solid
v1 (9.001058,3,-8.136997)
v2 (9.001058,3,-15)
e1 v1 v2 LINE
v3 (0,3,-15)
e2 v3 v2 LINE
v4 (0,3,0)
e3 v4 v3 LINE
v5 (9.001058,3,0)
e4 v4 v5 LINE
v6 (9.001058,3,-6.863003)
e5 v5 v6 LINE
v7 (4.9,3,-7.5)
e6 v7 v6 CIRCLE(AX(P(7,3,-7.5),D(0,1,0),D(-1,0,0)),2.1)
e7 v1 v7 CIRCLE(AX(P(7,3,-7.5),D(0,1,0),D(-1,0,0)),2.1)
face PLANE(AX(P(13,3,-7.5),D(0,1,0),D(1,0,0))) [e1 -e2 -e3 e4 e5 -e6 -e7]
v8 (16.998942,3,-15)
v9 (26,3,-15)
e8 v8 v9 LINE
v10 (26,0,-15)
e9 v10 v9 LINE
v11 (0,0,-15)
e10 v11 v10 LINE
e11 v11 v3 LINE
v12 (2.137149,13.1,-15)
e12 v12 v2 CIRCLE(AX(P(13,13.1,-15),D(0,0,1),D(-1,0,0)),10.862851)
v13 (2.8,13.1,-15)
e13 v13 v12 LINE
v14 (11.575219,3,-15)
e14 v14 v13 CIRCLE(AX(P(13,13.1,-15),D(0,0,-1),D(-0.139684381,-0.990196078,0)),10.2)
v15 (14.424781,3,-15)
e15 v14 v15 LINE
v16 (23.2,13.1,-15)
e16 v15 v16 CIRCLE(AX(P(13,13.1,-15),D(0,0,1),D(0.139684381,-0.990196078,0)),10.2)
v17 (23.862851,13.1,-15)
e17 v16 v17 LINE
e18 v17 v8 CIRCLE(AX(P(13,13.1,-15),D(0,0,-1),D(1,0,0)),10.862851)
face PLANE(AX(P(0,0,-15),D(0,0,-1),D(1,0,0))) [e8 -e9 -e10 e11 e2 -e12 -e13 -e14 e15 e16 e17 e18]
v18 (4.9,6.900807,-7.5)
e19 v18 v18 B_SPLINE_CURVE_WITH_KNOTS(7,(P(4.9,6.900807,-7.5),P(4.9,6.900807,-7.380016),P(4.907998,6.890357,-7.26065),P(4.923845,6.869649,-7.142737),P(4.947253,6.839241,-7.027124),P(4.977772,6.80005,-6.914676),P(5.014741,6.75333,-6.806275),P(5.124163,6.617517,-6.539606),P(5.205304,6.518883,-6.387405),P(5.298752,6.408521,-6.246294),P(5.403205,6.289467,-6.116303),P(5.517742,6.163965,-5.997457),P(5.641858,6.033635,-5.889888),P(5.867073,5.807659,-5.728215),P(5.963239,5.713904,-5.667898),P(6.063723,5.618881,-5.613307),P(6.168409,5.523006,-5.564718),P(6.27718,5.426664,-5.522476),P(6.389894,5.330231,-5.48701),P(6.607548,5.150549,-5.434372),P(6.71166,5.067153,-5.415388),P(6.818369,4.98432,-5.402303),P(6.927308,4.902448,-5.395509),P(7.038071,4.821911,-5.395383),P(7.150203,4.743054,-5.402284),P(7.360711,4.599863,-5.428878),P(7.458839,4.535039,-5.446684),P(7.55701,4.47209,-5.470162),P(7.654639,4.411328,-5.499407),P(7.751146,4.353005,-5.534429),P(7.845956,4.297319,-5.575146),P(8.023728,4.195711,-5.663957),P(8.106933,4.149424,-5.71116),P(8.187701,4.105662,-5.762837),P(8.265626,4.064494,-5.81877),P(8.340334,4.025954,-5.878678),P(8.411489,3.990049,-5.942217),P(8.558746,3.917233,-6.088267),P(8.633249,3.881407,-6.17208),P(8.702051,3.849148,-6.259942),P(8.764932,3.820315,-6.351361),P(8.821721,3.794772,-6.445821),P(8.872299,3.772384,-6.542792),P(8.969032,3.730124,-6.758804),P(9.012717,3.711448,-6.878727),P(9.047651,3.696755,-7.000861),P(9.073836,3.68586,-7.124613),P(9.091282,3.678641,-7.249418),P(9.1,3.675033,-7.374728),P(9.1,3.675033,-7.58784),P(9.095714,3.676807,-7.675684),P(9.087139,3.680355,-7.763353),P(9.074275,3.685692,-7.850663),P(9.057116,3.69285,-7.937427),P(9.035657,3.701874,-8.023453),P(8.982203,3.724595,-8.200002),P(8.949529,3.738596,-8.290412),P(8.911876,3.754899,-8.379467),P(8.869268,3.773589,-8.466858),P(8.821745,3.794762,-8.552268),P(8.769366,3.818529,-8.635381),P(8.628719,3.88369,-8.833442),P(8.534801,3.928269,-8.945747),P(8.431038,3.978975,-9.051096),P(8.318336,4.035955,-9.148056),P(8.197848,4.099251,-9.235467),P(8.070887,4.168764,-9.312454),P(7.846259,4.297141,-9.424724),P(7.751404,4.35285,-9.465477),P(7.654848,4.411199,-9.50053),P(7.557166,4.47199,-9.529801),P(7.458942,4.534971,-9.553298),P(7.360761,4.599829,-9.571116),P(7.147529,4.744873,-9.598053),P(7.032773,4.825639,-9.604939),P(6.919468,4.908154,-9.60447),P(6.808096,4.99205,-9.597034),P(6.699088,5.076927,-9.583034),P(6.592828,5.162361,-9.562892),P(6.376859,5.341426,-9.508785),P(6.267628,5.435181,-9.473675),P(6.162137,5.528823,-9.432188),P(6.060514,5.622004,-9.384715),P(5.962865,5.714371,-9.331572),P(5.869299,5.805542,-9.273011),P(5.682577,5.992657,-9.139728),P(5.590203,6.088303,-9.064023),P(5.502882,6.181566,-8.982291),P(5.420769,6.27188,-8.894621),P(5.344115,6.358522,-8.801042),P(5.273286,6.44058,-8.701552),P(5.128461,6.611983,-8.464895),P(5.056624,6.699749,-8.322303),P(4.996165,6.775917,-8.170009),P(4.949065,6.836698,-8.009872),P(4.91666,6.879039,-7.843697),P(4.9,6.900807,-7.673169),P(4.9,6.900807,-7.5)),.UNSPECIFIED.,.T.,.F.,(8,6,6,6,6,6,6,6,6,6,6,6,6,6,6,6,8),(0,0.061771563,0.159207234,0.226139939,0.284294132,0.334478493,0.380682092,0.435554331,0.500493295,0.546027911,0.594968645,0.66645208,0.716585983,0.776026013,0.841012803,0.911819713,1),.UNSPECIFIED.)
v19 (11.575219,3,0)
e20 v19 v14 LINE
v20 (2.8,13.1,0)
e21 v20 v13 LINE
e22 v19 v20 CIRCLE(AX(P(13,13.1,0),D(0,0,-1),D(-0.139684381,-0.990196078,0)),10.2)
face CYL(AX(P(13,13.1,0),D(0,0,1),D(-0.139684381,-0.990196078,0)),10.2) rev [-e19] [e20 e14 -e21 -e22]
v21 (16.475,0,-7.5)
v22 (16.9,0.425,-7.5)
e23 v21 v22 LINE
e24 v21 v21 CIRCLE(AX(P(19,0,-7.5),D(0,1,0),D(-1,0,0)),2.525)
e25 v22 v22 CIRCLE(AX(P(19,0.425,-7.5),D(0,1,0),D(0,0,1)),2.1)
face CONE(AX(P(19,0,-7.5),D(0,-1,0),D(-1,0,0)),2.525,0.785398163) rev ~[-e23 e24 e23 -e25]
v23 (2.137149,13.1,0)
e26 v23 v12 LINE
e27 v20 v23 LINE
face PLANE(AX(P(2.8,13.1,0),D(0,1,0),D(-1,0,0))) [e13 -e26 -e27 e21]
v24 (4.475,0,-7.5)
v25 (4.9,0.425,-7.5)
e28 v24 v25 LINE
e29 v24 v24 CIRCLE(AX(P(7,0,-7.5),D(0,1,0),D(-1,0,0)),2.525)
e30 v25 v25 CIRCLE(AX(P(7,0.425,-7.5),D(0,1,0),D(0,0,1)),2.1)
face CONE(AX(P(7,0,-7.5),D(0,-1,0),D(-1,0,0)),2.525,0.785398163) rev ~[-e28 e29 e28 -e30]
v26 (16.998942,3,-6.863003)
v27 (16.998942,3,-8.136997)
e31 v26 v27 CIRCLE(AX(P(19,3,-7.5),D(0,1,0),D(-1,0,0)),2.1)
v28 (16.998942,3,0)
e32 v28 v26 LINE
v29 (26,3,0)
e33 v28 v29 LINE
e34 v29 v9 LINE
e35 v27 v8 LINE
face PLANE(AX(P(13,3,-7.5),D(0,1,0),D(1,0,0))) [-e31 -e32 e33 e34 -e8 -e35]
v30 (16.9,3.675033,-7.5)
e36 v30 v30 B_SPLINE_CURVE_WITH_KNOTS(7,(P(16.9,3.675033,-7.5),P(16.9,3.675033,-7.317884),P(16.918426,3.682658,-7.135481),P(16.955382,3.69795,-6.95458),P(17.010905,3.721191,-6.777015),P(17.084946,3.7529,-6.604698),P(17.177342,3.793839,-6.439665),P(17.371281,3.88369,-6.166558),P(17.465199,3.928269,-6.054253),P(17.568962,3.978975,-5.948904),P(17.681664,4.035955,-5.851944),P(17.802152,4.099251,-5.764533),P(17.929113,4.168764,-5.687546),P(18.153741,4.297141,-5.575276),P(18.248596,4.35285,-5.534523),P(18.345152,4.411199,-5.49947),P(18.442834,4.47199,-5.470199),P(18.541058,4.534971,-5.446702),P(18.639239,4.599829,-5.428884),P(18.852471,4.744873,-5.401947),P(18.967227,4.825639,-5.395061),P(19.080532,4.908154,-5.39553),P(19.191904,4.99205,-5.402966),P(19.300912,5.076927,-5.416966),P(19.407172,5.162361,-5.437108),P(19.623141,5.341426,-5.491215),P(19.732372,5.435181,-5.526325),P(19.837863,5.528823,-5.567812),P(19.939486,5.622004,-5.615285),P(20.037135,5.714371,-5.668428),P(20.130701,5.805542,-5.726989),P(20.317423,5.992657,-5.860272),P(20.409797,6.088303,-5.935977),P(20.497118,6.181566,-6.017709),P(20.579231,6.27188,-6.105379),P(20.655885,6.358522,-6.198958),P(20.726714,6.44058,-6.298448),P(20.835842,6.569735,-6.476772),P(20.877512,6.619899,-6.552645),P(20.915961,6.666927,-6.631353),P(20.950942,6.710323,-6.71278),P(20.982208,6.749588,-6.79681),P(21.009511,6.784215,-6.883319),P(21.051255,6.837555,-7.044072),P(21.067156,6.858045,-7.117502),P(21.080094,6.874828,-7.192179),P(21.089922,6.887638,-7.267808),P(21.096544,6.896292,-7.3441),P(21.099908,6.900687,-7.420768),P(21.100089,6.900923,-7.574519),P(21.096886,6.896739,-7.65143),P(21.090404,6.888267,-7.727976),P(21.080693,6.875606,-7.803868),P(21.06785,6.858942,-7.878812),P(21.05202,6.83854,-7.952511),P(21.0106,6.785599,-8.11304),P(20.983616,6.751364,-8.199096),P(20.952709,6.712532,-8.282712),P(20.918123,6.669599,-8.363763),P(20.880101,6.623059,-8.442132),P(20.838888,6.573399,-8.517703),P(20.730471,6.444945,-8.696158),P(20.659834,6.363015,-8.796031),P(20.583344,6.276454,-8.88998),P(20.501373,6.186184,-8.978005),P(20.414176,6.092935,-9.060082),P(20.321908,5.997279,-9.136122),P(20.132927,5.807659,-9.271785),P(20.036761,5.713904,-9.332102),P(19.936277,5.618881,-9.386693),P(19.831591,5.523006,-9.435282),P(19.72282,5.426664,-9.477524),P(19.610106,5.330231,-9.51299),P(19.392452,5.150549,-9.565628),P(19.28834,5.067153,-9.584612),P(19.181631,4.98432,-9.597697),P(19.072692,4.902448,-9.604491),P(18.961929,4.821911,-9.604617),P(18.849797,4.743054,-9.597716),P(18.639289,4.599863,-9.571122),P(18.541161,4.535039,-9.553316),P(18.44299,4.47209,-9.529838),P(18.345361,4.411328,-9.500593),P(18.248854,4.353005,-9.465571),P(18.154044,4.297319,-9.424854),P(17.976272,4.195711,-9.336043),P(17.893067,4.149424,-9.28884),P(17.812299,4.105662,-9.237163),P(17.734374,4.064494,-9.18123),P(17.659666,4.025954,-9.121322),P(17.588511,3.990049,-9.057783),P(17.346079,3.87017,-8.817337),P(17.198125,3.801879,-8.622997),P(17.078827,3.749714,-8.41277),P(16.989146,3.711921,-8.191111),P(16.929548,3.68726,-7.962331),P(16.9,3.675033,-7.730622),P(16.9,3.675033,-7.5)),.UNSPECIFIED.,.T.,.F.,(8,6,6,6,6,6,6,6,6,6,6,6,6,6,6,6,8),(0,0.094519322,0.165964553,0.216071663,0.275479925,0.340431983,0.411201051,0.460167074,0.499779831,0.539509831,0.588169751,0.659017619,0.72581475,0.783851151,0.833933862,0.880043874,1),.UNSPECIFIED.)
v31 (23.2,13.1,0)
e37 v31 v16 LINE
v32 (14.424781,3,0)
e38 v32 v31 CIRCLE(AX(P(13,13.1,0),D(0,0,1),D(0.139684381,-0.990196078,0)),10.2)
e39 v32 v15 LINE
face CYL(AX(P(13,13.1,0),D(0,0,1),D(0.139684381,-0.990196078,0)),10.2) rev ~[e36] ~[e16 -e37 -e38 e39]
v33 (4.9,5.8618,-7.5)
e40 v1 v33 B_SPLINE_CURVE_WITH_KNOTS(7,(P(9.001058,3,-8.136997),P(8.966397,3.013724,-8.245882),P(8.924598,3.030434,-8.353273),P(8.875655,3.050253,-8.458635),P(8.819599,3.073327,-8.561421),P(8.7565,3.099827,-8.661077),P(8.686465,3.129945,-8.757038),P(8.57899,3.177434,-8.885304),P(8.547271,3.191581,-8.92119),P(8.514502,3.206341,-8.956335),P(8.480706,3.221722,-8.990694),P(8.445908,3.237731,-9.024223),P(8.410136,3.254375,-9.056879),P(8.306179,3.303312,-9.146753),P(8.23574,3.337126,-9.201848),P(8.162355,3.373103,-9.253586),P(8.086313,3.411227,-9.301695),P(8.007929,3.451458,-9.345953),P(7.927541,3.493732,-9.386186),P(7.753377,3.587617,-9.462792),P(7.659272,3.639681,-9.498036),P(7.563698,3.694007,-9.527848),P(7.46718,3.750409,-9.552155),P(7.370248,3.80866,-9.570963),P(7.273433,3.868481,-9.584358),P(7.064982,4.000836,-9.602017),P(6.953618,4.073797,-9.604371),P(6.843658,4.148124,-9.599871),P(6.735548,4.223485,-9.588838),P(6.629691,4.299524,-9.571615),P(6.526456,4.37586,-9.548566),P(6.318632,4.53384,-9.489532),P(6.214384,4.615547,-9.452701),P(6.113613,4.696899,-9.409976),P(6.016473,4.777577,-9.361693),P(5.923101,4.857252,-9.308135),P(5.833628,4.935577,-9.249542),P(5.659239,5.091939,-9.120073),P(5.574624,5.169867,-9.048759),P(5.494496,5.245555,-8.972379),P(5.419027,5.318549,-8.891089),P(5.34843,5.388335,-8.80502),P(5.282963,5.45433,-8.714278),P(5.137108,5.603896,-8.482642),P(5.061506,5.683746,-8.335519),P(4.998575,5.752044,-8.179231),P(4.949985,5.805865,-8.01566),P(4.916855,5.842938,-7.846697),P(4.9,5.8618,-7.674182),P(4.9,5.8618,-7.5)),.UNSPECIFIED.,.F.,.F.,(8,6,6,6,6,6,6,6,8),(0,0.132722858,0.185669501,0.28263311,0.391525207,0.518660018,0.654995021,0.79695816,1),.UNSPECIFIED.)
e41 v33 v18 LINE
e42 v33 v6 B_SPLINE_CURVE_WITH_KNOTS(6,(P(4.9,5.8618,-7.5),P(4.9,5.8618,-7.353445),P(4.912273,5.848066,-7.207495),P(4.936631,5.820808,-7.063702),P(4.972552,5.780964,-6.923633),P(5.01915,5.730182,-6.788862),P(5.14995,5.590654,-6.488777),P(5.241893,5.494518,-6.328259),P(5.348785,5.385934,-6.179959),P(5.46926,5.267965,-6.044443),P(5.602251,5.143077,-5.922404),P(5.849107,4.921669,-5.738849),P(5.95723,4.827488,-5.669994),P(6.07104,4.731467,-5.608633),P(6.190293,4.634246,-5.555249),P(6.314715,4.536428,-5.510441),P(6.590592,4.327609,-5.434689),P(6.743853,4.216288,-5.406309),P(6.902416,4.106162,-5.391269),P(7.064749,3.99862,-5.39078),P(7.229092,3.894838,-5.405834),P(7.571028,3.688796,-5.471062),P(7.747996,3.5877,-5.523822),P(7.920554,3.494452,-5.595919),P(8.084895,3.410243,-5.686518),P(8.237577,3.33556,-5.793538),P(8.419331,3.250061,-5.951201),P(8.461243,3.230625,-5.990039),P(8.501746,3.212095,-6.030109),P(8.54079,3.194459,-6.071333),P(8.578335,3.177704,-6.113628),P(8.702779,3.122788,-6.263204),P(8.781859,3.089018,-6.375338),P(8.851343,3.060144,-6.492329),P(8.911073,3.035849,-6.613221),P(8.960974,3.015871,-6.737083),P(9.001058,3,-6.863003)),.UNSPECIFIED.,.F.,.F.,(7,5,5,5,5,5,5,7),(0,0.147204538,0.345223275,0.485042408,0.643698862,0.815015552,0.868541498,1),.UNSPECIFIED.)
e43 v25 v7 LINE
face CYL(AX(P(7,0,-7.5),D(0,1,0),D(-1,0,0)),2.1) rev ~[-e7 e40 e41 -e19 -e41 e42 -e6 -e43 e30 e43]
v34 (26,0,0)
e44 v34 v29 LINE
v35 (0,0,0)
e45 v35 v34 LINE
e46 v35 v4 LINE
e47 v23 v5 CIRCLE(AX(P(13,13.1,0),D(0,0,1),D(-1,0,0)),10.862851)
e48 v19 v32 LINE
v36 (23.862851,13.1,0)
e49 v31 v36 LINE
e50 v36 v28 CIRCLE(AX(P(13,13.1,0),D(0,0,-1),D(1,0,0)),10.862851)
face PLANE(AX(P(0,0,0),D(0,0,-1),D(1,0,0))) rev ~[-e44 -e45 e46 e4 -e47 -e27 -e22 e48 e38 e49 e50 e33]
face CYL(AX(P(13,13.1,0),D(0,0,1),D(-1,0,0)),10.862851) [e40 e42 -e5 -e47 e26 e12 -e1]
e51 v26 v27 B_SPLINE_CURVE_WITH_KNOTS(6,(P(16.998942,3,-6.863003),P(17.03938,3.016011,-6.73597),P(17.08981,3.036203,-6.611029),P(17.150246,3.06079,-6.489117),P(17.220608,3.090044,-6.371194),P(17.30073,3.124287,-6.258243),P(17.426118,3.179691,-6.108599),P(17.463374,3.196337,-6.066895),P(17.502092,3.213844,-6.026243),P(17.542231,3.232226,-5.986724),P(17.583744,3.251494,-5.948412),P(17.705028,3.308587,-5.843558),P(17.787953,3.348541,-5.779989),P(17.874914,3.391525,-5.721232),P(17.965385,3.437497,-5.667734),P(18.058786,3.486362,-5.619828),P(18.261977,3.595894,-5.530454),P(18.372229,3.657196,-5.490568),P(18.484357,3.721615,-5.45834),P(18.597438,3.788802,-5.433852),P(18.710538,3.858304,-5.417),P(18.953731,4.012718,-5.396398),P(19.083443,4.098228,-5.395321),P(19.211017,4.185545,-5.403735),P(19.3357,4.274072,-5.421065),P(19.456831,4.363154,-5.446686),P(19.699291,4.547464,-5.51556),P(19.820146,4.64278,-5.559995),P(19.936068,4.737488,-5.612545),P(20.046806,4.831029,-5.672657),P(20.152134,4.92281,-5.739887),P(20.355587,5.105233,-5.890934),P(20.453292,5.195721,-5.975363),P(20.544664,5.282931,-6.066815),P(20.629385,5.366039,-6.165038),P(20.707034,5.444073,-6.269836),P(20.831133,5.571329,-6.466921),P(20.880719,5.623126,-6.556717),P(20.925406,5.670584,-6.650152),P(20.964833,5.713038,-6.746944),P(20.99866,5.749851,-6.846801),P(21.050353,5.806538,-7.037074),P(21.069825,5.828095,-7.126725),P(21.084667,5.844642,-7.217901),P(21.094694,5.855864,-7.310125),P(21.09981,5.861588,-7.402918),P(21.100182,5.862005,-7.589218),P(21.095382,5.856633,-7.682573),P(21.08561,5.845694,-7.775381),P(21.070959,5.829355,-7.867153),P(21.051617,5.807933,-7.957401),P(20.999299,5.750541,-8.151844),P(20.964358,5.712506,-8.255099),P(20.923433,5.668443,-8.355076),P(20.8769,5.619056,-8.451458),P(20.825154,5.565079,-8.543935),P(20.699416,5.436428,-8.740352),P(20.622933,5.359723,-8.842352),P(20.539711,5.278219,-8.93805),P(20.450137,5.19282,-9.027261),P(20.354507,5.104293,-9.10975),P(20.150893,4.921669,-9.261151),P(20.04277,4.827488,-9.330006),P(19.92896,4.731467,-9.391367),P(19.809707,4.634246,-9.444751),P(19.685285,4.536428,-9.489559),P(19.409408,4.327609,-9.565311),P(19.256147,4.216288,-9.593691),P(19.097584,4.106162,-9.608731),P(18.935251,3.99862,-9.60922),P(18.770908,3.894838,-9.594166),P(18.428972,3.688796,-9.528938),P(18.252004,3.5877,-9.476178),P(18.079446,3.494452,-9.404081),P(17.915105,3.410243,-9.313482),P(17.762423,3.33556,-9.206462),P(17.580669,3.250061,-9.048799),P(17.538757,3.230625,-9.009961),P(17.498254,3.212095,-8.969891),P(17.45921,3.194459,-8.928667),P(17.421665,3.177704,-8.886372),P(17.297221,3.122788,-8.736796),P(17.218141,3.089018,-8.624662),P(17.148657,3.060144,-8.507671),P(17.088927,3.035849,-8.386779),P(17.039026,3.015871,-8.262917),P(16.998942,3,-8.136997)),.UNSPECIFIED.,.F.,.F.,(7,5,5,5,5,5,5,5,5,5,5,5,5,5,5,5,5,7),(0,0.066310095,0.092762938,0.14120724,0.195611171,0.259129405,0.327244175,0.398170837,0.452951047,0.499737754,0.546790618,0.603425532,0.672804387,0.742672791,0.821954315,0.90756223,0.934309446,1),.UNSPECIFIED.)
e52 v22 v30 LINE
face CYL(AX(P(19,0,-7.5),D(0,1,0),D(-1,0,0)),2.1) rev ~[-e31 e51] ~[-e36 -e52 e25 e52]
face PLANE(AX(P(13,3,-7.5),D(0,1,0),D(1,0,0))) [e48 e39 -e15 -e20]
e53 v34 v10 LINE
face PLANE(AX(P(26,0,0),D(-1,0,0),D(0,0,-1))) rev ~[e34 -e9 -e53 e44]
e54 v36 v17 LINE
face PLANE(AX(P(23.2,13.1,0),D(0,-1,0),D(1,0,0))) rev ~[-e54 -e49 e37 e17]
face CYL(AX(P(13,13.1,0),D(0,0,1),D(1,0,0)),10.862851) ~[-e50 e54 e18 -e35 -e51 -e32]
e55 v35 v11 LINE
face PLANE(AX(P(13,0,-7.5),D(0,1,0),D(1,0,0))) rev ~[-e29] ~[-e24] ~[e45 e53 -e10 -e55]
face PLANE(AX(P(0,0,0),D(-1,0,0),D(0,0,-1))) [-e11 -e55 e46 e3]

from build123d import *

# Parameters (mm, degrees)
SKETCH_1_W                   = 26
SKETCH_1_H                   = 15
EXTRUDE_1_DEPTH              = 3
EXTRUDE_2_DEPTH              = 15
HOLE_WIZARD_M5_2_D           = 4.2
HOLE_WIZARD_M5_2_DEPTH       = 12.4
HOLE_WIZARD_M5_2_CSINK_D     = 5.05
HOLE_WIZARD_M5_2_CSINK_ANGLE = 90
HOLE_WIZARD_M5_2_TIP         = 1.2618073


with BuildPart() as part:
    # 草图1 → 凸台-拉伸1 (new body)
    with BuildSketch(Plane(origin=(0, 0, 0), x_dir=(1, 0, 0), z_dir=(0, 1, 0))):
        with Locations((13, 7.5)):
            Rectangle(SKETCH_1_W, SKETCH_1_H)
    extrude(amount=EXTRUDE_1_DEPTH)

    # 草图3 → 凸台-拉伸2 (add)
    with BuildSketch(Plane.XY):
        with BuildLine():
            Line((9.001058493, 3), (11.575219315, 3))
            ThreePointArc((11.575219315, 3), (5.300234972, 6.410185465), (2.8, 13.1))
            Line((2.8, 13.1), (2.137148939, 13.1))
            ThreePointArc((2.137148939, 13.1), (4.015528976, 6.994198366), (9.001058493, 3))
        make_face()
        with BuildLine():
            Line((23.2, 13.1), (23.862851061, 13.1))
            ThreePointArc((23.862851061, 13.1), (21.984471024, 6.994198366), (16.998941507, 3))
            Line((16.998941507, 3), (14.424780685, 3))
            ThreePointArc((14.424780685, 3), (20.699765028, 6.410185465), (23.2, 13.1))
        make_face()
    extrude(amount=-EXTRUDE_2_DEPTH)

    # M5 螺纹孔2
    with Locations(Plane.XZ):
        with Locations((7, -7.5), (19, -7.5)):
            CounterSinkHole(HOLE_WIZARD_M5_2_D / 2, HOLE_WIZARD_M5_2_CSINK_D / 2, depth=HOLE_WIZARD_M5_2_DEPTH, counter_sink_angle=HOLE_WIZARD_M5_2_CSINK_ANGLE)
            with Locations((0, 0, -(HOLE_WIZARD_M5_2_DEPTH + HOLE_WIZARD_M5_2_TIP / 2))):  # 118° drill point
                Cone(0, HOLE_WIZARD_M5_2_D / 2, HOLE_WIZARD_M5_2_TIP, mode=Mode.SUBTRACT)


solid = part.part
